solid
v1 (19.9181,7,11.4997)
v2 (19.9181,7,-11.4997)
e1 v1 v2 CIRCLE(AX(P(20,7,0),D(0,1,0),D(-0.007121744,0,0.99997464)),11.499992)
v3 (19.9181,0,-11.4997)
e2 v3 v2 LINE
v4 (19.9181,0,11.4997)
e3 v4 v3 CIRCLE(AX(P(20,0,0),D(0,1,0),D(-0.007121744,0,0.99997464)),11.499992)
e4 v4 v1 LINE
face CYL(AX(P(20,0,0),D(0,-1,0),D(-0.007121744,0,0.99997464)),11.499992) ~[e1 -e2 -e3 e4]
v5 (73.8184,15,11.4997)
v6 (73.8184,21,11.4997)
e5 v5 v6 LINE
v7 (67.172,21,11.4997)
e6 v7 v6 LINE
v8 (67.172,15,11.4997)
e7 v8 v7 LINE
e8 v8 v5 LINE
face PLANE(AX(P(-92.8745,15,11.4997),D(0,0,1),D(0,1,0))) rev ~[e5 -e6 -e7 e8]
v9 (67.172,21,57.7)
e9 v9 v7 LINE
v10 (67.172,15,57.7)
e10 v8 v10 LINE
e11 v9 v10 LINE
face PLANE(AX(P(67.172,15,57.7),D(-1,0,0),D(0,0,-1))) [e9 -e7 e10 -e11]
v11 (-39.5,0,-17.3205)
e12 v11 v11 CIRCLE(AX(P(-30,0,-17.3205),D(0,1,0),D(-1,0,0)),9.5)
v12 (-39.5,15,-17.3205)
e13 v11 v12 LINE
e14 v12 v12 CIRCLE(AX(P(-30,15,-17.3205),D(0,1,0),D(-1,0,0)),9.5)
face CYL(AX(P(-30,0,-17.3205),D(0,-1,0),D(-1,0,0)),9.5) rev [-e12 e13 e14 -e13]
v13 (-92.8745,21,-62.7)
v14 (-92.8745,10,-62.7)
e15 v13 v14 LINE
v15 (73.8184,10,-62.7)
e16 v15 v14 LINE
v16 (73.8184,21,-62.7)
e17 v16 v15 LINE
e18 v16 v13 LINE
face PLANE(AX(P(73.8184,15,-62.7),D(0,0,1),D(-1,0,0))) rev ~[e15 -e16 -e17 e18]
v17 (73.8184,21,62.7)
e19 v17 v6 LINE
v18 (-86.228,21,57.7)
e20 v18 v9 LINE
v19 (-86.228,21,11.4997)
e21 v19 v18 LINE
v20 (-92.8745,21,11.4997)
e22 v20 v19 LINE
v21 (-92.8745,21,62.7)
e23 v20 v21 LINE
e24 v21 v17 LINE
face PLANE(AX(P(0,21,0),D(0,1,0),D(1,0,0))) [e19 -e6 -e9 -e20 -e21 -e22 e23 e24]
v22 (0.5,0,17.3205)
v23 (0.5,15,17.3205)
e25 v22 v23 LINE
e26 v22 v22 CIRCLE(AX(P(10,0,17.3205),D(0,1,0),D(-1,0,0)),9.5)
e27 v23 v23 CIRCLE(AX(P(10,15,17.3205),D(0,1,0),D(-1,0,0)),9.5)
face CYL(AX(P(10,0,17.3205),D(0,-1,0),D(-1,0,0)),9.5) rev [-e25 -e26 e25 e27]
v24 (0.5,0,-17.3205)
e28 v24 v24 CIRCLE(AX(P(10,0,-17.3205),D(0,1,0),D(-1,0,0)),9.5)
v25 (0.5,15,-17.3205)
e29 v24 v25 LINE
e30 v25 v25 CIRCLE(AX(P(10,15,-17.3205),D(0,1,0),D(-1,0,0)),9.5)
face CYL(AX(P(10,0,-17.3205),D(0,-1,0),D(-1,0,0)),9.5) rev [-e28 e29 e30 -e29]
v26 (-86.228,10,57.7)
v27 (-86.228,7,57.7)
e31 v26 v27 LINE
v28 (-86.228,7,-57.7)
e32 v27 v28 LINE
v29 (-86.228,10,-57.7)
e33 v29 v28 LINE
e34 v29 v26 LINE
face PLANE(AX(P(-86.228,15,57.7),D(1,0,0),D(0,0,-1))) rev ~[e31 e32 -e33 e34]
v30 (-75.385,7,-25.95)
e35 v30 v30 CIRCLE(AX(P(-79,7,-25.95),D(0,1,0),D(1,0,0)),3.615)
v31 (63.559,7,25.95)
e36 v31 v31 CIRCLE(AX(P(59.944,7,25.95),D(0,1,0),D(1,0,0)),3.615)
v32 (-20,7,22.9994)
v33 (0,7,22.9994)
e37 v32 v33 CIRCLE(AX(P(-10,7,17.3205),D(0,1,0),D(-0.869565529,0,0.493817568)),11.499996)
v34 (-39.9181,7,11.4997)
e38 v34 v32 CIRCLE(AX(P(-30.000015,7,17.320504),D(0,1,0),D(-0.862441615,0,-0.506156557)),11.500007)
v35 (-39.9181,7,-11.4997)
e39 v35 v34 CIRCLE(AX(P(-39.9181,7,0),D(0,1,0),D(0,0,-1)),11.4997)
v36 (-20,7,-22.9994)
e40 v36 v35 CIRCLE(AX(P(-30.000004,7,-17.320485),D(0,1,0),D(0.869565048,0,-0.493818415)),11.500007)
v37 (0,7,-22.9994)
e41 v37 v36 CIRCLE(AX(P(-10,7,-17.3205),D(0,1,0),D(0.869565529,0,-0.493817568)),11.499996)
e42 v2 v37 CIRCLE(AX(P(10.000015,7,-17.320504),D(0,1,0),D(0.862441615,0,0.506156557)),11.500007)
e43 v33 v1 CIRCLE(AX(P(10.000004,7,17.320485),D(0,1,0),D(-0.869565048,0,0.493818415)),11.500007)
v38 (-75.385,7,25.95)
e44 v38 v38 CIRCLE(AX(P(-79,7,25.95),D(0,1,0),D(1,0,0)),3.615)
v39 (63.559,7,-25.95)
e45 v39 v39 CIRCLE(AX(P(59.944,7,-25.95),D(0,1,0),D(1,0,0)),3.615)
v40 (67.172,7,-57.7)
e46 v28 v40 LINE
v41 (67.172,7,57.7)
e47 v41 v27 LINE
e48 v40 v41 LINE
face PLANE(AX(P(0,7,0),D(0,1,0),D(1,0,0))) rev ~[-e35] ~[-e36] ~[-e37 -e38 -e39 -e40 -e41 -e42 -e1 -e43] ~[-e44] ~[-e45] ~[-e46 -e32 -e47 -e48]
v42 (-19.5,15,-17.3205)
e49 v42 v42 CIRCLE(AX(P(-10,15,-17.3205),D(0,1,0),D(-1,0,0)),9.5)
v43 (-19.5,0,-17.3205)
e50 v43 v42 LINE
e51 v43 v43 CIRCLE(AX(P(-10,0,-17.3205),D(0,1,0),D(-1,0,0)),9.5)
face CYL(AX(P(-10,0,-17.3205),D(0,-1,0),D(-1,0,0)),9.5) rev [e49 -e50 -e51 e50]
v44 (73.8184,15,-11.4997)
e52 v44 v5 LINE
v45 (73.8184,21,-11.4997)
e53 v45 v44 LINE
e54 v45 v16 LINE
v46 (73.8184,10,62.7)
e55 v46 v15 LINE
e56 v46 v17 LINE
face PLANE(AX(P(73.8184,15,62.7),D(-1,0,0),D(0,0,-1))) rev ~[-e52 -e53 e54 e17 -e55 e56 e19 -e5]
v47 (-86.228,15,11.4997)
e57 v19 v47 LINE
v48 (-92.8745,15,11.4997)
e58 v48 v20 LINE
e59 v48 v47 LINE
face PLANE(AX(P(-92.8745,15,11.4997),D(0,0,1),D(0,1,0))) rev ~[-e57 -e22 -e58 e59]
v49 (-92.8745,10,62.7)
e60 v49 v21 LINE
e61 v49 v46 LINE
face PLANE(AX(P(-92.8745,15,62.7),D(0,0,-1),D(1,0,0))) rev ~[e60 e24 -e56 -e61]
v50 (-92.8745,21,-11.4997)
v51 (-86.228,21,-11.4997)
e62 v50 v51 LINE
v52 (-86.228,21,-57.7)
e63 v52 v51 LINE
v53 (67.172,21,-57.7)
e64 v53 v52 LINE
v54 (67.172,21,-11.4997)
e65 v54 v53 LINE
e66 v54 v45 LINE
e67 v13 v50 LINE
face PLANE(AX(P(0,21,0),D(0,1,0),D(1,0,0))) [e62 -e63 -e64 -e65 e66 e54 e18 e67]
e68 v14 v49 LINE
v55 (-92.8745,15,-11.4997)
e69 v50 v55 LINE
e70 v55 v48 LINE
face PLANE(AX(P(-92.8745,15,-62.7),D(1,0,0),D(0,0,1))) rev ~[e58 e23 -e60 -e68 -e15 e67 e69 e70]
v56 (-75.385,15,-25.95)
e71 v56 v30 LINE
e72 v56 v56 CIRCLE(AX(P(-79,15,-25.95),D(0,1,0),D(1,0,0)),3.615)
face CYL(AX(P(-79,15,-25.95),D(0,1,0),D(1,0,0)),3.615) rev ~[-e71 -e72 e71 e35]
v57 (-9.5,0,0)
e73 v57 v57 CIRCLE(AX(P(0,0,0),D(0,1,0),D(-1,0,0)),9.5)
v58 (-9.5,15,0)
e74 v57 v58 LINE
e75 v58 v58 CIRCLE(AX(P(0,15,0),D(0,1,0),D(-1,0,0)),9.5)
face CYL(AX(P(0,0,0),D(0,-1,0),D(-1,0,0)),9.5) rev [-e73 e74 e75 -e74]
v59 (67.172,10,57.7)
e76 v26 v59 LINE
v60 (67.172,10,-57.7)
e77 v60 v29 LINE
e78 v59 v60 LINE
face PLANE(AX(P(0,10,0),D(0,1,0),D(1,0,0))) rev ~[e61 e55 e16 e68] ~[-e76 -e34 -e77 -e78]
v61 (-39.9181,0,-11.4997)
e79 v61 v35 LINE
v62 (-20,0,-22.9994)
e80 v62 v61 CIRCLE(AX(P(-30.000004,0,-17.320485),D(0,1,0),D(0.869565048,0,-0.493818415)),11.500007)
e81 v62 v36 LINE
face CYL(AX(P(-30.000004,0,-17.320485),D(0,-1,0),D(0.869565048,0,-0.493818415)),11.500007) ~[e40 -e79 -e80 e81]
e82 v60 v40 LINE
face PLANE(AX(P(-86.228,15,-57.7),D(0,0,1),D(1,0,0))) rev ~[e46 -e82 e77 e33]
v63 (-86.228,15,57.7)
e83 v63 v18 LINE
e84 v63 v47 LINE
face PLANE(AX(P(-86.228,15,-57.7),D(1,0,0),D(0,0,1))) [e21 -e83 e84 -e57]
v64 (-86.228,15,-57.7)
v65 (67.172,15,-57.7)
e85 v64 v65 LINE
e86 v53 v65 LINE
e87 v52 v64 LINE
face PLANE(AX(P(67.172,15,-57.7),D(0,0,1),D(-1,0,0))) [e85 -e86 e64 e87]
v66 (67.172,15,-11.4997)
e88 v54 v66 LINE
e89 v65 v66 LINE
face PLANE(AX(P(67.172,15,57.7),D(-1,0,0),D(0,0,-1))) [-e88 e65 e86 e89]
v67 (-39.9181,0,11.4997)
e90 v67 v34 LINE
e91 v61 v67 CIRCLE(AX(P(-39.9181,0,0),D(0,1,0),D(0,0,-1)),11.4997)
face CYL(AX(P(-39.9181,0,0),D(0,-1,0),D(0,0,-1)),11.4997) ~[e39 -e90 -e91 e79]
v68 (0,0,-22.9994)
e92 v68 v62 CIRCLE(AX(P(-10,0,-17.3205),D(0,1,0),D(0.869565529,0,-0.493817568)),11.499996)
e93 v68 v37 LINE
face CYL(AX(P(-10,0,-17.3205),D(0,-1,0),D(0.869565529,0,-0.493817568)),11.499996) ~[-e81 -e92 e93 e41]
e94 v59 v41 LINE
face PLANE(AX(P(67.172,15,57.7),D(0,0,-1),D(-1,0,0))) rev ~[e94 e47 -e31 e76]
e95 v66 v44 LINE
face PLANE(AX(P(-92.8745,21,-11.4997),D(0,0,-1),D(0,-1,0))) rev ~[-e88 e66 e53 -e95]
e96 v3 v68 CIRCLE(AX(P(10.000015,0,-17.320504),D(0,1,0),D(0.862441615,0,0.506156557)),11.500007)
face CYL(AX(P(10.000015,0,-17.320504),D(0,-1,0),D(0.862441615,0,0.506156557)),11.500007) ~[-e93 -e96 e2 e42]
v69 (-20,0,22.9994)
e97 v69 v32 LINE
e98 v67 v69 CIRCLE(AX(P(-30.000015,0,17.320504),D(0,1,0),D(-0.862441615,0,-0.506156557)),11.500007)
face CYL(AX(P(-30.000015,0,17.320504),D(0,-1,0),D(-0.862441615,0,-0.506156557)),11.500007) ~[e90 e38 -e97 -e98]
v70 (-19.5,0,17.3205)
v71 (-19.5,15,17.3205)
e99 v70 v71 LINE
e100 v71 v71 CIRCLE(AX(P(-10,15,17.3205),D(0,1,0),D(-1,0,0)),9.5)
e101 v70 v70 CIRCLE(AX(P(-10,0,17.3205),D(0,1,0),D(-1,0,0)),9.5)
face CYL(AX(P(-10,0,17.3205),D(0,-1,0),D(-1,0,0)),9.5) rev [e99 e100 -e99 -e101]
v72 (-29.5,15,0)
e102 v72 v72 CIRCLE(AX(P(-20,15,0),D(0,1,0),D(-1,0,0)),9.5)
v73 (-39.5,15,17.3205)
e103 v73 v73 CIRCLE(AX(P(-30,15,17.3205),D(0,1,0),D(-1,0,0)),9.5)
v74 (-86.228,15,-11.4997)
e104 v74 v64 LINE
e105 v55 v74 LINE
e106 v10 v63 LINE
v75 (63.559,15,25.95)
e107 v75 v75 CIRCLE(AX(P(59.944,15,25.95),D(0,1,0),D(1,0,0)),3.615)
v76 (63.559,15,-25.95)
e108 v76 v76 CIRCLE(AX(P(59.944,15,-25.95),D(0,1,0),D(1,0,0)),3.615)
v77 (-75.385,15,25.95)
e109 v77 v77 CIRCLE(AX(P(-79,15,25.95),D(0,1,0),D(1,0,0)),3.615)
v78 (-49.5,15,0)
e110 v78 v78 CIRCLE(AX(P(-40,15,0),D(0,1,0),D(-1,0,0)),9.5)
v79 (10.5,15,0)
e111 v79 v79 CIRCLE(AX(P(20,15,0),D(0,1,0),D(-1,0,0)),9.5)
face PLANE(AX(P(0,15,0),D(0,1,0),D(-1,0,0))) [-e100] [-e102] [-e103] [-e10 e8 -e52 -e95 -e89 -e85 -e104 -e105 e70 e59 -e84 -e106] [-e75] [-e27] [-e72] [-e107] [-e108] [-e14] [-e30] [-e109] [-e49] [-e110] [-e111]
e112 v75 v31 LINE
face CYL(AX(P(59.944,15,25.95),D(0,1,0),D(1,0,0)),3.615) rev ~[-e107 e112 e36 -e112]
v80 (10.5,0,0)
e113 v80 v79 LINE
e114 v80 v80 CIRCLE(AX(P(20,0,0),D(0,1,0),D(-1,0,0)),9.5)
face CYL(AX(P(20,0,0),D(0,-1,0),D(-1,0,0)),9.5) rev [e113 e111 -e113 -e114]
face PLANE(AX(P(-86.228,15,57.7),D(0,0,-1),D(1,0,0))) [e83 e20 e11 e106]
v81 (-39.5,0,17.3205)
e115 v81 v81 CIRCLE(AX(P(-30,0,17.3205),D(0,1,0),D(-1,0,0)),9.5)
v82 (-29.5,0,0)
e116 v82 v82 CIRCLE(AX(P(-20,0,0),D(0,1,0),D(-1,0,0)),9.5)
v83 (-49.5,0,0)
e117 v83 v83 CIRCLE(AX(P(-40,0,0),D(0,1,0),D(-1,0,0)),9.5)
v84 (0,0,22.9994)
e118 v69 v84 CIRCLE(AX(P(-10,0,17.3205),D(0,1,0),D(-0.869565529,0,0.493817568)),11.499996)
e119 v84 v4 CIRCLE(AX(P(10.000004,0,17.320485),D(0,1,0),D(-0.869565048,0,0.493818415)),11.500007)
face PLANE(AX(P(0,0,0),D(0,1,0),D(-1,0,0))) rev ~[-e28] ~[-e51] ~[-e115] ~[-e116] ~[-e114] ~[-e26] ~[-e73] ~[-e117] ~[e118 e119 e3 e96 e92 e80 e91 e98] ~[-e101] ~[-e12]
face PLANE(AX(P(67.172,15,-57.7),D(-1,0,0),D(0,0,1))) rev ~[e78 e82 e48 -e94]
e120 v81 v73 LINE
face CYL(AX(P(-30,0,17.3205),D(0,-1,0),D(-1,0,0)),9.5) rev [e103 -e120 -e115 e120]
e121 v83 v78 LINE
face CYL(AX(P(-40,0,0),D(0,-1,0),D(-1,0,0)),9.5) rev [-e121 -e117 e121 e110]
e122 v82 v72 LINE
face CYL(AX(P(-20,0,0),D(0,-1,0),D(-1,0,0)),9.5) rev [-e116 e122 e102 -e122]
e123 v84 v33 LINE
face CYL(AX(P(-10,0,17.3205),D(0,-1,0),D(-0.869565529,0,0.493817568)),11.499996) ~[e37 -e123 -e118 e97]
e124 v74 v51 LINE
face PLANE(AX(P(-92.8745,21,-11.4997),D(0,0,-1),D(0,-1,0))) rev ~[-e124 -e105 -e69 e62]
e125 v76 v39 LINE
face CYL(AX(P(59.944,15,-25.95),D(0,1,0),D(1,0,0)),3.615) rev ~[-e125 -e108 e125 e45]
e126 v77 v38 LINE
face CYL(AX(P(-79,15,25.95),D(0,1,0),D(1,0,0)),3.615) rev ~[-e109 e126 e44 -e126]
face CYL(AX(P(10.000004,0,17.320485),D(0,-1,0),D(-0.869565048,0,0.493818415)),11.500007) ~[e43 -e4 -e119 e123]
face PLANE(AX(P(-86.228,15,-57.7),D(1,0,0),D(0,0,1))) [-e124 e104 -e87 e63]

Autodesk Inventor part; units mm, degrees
ref_plane "YZ Plane" through (0, 0, 0) normal (1, 0, 0) x (0, 1, 0)
ref_plane "XZ Plane" through (0, 0, 0) normal (0, 1, 0) x (-1, 0, 0)
ref_plane "XY Plane" through (0, 0, 0) normal (0, 0, 1) x (1, 0, 0)
sketch "Sketch1" plane through (0, 0, 0) normal (0, 1, 0) x (-1, 0, 0)
  circle A0 centre (0, 0) radius 9.5
  circle A1 centre (20, 0) radius 9.5
  circle A2 centre (-20, 0) radius 9.5
  circle A3 centre (-10, 17.3205) radius 9.5
  circle A4 centre (10, 17.3205) radius 9.5
  circle A5 centre (30, 17.3205) radius 9.5
  circle A6 centre (10, -17.3205) radius 9.5
  circle A7 centre (30, -17.3205) radius 9.5
  circle A8 centre (-10, -17.3205) radius 9.5
  circle A9 centre (40, 0) radius 9.5
  line L0 (0, 0) -> (-32.9562, 0) construction
  line L1 (-32.9562, 0) -> (61.076, 0) construction
  circle A10 centre (0, 0) radius 10.5 construction
  circle A11 centre (-20, 0) radius 10.5 construction
  circle A12 centre (-10, -17.3205) radius 10.5 construction
  circle A13 centre (10, -17.3205) radius 10.5 construction
  circle A14 centre (30, -17.3205) radius 10.5 construction
  circle A15 centre (40, 0) radius 10.5 construction
  circle A16 centre (20, 0) radius 10.5 construction
  circle A17 centre (30, 17.3205) radius 10.5 construction
  circle A18 centre (10, 17.3205) radius 10.5 construction
  circle A19 centre (-10, 17.3205) radius 10.5 construction
  circle A20 centre (40, 0) radius 11.5 construction
  circle A21 centre (30, -17.3205) radius 11.5 construction
  circle A22 centre (10, -17.3205) radius 11.5 construction
  circle A23 centre (-10, -17.3205) radius 11.5 construction
  circle A24 centre (-20, 0) radius 11.5 construction
  circle A25 centre (-10, 17.3205) radius 11.5 construction
  circle A26 centre (10, 17.3205) radius 11.5 construction
  circle A27 centre (30, 17.3205) radius 11.5 construction
  circle A28 centre (0, 0) radius 11.5 construction
  circle A29 centre (20, 0) radius 11.5 construction
  arc A30 (39.9181, -11.4997) -> (39.9181, 11.4997) centre (39.9181, 0) ccw
  arc A31 (39.9181, 11.4997) -> (20, 22.9994) centre (30, 17.3205) ccw
  arc A32 (20, 22.9994) -> (0, 22.9994) centre (10, 17.3205) ccw
  arc A33 (0, 22.9994) -> (-19.9181, 11.4997) centre (-10, 17.3205) ccw
  arc A34 (-19.9181, 11.4997) -> (-19.9181, -11.4997) centre (-20, 0) ccw
  arc A35 (-19.9181, -11.4997) -> (0, -22.9994) centre (-10, -17.3205) ccw
  arc A36 (0, -22.9994) -> (20, -22.9994) centre (10, -17.3205) ccw
  arc A37 (20, -22.9994) -> (39.9181, -11.4997) centre (30, -17.3205) ccw
  point P0 (28.893, 7.4235)
  dimension "d0" = 19
  dimension "d2" = 19
  dimension "d4" = 19
  dimension "d6" = 19
  dimension "d8" = 19
  dimension "d10" = 19
  dimension "d11" = 19
  dimension "d13" = 19
  dimension "d14" = 19
  dimension "d53" = 19
  dimension "d91" = 1
  dimension "d144" = 21
  dimension "d145" = 21
  dimension "d146" = 21
  dimension "d147" = 21
  dimension "d148" = 21
  dimension "d149" = 21
  dimension "d150" = 21
  dimension "d151" = 21
  dimension "d152" = 21
  dimension "d153" = 21
  dimension "d154" = 23
  dimension "d155" = 23
  dimension "d156" = 23
  dimension "d157" = 23
  dimension "d158" = 23
  dimension "d159" = 23
  dimension "d160" = 23
  dimension "d161" = 23
  dimension "d162" = 23
  dimension "d163" = 23
extrude "Extrusion1" add sketch "Sketch1" along normal blind 15
sketch "Sketch4" plane through (0, 15, 0) normal (0, 1, 0) x (1, 0, 0)
  circle A0 centre (-30, 17.3205) radius 9.5 projected
  circle A1 centre (-40, 0) radius 9.5 projected
  circle A2 centre (-40, 0) radius 9.5 projected
  circle A3 centre (10, 17.3205) radius 9.5 projected
  circle A4 centre (-30, 17.3205) radius 9.5 projected
  circle A5 centre (-10, 17.3205) radius 9.5 projected
  circle A6 centre (-30, -17.3205) radius 9.5 projected
  circle A7 centre (-10, -17.3205) radius 9.5 projected
  circle A8 centre (10, -17.3205) radius 9.5 projected
  circle A9 centre (20, 0) radius 9.5 projected
  circle A10 centre (-20, 0) radius 9.5 projected
  circle A11 centre (0, 0) radius 9.5 projected
  line L0 (0, 0) -> (-9.528, 0) construction
  line L1 (-86.228, 57.7) -> (67.172, 57.7)
  line L2 (67.172, 57.7) -> (67.172, -57.7)
  line L3 (67.172, -57.7) -> (-86.228, -57.7)
  line L4 (-86.228, -57.7) -> (-86.228, 57.7)
  line L5 (-86.228, 57.7) -> (67.172, -57.7) construction
  line L6 (67.172, 57.7) -> (-86.228, -57.7) construction
  arc A12 (0, 22.9994) -> (-20, 22.9994) centre (-10, 17.3205) ccw projected
  arc A13 (19.9181, 11.4997) -> (0, 22.9994) centre (10, 17.3205) ccw projected
  arc A14 (19.9181, -11.4997) -> (19.9181, 11.4997) centre (20, 0) ccw projected
  arc A15 (0, -22.9994) -> (19.9181, -11.4997) centre (10, -17.3205) ccw projected
  arc A16 (-20, -22.9994) -> (0, -22.9994) centre (-10, -17.3205) ccw projected
  arc A17 (-39.9181, -11.4997) -> (-20, -22.9994) centre (-30, -17.3205) ccw projected
  circle A18 centre (-30, 17.3205) radius 11.5 construction
  arc A19 (-39.9181, 11.4997) -> (-39.9181, -11.4997) centre (-39.9181, 0) ccw projected
  arc A20 (-20, 22.9994) -> (-39.9181, 11.4997) centre (-30, 17.3205) ccw projected
  arc A21 (0, 22.9994) -> (-20, 22.9994) centre (-10, 17.3205) ccw
  arc A22 (19.9181, 11.4997) -> (0, 22.9994) centre (10, 17.3205) ccw
  arc A23 (19.9181, -11.4997) -> (19.9181, 11.4997) centre (20, 0) ccw
  arc A24 (0, -22.9994) -> (19.9181, -11.4997) centre (10, -17.3205) ccw
  arc A25 (-20, -22.9994) -> (0, -22.9994) centre (-10, -17.3205) ccw
  arc A26 (-39.9181, -11.4997) -> (-20, -22.9994) centre (-30, -17.3205) ccw
  arc A27 (-39.9181, 11.4997) -> (-39.9181, -11.4997) centre (-39.9181, 0) ccw
  arc A28 (-20, 22.9994) -> (-39.9181, 11.4997) centre (-30, 17.3205) ccw
  point P0 (-17.0502, -21.4927)
  point P1 (-17.0502, -11.5134)
  point P2 (-17.0502, -8.8009)
  point P3 (-17.0502, 8.8009)
  point P4 (-17.0502, 11.5134)
  point P5 (-17.0502, 21.4927)
  point P6 (-2.0059, 21.4927)
  point P7 (-2.0059, -11.5134)
  point P8 (-2.0059, -8.8009)
  point P9 (-2.0059, 8.8009)
  point P10 (-2.0059, 11.5134)
  point P11 (-2.0059, -21.4927)
  dimension "d104" = 153.4
  dimension "d164" = 115.4
extrude "Extrusion7" add sketch "Sketch4" against normal blind 8 contours L1 L2 L3 L4
sketch "Sketch5" plane through (0, 15, 0) normal (0, 1, 0) x (1, 0, 0)
  line L0 (-86.228, -57.7) -> (67.172, -57.7) projected
  line L1 (67.172, -57.7) -> (67.172, 57.7) projected
  line L2 (67.172, 57.7) -> (-86.228, 57.7) projected
  line L3 (-86.228, 57.7) -> (-86.228, -57.7) projected
  circle A0 centre (-40, 0) radius 9.5 projected
  circle A1 centre (10, 17.3205) radius 9.5 projected
  circle A2 centre (-30, 17.3205) radius 9.5 projected
  circle A3 centre (-10, 17.3205) radius 9.5 projected
  circle A4 centre (-30, -17.3205) radius 9.5 projected
  circle A5 centre (-10, -17.3205) radius 9.5 projected
  circle A6 centre (10, -17.3205) radius 9.5 projected
  circle A7 centre (20, 0) radius 9.5 projected
  circle A8 centre (-20, 0) radius 9.5 projected
  circle A9 centre (0, 0) radius 9.5 projected
  line L4 (-86.228, 57.7) -> (67.172, 57.7)
  line L5 (67.172, 57.7) -> (67.172, -57.7)
  line L6 (67.172, -57.7) -> (-86.228, -57.7)
  line L7 (-86.228, -57.7) -> (-86.228, 57.7)
  line L8 (-92.8745, -62.7) -> (73.8184, -62.7)
  line L9 (73.8184, -62.7) -> (73.8184, 62.7)
  line L10 (73.8184, 62.7) -> (-92.8745, 62.7)
  line L11 (-92.8745, 62.7) -> (-92.8745, -62.7)
  line L12 (-92.8745, -62.7) -> (73.8184, 62.7) construction
  line L13 (73.8184, -62.7) -> (-92.8745, 62.7) construction
  point P0 (66.922, -57.45)
  point P1 (-9.528, 0)
  dimension "d169" = 5
  dimension "d170" = 6.6464
  dimension "d171" = 166.6929
  dimension "d172" = 125.4
extrude "Extrusion8" add sketch "Sketch5" along normal blind 6 and the other way blind 5 contours L11 L10 L9 L8
sketch "Sketch6" plane through (0, 15, 0) normal (0, 1, 0) x (1, 0, 0)
  line L0 (59.944, 57.1514) -> (59.944, 25.95) construction
  line L1 (59.944, 25.95) -> (67.172, 25.95) construction
  line L2 (-79, -57.7) -> (-79, -25.95) construction
  line L3 (-79, -25.95) -> (-86.228, -25.95) construction
  circle A0 centre (59.944, 25.95) radius 3.615
  circle A1 centre (59.944, -25.95) radius 3.615
  circle A2 centre (-79, -25.95) radius 3.615
  circle A3 centre (-79, 25.95) radius 3.615
  line L4 (73.8184, -62.7) -> (73.8184, 62.7) projected
  line L5 (73.8184, 62.7) -> (-92.8745, 62.7) projected
  line L6 (-92.8745, 62.7) -> (-92.8745, -62.7) projected
  line L7 (-92.8745, -62.7) -> (73.8184, -62.7) projected
  line L8 (-86.228, -57.7) -> (-86.228, 57.7) projected
  line L9 (-86.228, 57.7) -> (67.172, 57.7) projected
  line L10 (67.172, 57.7) -> (67.172, -57.7) projected
  line L11 (67.172, -57.7) -> (-86.228, -57.7) projected
  line L12 (-86.228, -57.7) -> (67.172, -57.7) projected
  line L13 (67.172, -57.7) -> (67.172, 57.7) projected
  line L14 (67.172, 57.7) -> (-86.228, 57.7) projected
  line L15 (-86.228, 57.7) -> (-86.228, -57.7) projected
  circle A4 centre (-40, 0) radius 9.5 projected
  circle A5 centre (10, 17.3205) radius 9.5 projected
  circle A6 centre (-30, 17.3205) radius 9.5 projected
  circle A7 centre (-10, 17.3205) radius 9.5 projected
  circle A8 centre (-30, -17.3205) radius 9.5 projected
  circle A9 centre (-10, -17.3205) radius 9.5 projected
  circle A10 centre (10, -17.3205) radius 9.5 projected
  circle A11 centre (20, 0) radius 9.5 projected
  circle A12 centre (-20, 0) radius 9.5 projected
  circle A13 centre (0, 0) radius 9.5 projected
  line L16 (-86.228, 57.7) -> (67.172, 57.7)
  line L17 (67.172, 57.7) -> (67.172, -57.7)
  line L18 (67.172, -57.7) -> (-86.228, -57.7)
  line L19 (-86.228, -57.7) -> (-86.228, 57.7)
  dimension "d123" = 7.23
  dimension "d124" = 7.23
  dimension "d125" = 7.23
  dimension "d140" = 7.23
  dimension "d179" = 31.75
  dimension "d180" = 7.228
  dimension "d181" = 7.228
  dimension "d182" = 31.75
  dimension "d183" = 31.75
  dimension "d184" = 7.228
  dimension "d185" = 7.228
  dimension "d186" = 31.75
extrude "Extrusion6" cut sketch "Sketch6" against normal through all contours A0 | A1 | A2 | A3
sketch "Sketch7" plane through (-92.8745, 10, 62.7) normal (-1, 0, 0) x (0, 0, 1)
  line L0 (-74.1997, -10) -> (-74.1997, -3) projected
  line L1 (-51.2003, -10) -> (-51.2003, -3) projected
  line L2 (-120.4, 5) -> (-5, 5) projected
  line L3 (0, 0) -> (-125.4, 0) projected
  line L4 (-125.4, 11) -> (0, 11) projected
  line L5 (-74.1997, 5) -> (-51.2003, 5)
  line L6 (-51.2003, 5) -> (-51.2003, 11)
  line L7 (-51.2003, 11) -> (-74.1997, 11)
  line L8 (-74.1997, 11) -> (-74.1997, 5)
  point P0 (-62.7, -10)
extrude "Extrusion9" cut sketch "Sketch7" against normal through all
properties part number "BatteryCasev1_3DPrint"
